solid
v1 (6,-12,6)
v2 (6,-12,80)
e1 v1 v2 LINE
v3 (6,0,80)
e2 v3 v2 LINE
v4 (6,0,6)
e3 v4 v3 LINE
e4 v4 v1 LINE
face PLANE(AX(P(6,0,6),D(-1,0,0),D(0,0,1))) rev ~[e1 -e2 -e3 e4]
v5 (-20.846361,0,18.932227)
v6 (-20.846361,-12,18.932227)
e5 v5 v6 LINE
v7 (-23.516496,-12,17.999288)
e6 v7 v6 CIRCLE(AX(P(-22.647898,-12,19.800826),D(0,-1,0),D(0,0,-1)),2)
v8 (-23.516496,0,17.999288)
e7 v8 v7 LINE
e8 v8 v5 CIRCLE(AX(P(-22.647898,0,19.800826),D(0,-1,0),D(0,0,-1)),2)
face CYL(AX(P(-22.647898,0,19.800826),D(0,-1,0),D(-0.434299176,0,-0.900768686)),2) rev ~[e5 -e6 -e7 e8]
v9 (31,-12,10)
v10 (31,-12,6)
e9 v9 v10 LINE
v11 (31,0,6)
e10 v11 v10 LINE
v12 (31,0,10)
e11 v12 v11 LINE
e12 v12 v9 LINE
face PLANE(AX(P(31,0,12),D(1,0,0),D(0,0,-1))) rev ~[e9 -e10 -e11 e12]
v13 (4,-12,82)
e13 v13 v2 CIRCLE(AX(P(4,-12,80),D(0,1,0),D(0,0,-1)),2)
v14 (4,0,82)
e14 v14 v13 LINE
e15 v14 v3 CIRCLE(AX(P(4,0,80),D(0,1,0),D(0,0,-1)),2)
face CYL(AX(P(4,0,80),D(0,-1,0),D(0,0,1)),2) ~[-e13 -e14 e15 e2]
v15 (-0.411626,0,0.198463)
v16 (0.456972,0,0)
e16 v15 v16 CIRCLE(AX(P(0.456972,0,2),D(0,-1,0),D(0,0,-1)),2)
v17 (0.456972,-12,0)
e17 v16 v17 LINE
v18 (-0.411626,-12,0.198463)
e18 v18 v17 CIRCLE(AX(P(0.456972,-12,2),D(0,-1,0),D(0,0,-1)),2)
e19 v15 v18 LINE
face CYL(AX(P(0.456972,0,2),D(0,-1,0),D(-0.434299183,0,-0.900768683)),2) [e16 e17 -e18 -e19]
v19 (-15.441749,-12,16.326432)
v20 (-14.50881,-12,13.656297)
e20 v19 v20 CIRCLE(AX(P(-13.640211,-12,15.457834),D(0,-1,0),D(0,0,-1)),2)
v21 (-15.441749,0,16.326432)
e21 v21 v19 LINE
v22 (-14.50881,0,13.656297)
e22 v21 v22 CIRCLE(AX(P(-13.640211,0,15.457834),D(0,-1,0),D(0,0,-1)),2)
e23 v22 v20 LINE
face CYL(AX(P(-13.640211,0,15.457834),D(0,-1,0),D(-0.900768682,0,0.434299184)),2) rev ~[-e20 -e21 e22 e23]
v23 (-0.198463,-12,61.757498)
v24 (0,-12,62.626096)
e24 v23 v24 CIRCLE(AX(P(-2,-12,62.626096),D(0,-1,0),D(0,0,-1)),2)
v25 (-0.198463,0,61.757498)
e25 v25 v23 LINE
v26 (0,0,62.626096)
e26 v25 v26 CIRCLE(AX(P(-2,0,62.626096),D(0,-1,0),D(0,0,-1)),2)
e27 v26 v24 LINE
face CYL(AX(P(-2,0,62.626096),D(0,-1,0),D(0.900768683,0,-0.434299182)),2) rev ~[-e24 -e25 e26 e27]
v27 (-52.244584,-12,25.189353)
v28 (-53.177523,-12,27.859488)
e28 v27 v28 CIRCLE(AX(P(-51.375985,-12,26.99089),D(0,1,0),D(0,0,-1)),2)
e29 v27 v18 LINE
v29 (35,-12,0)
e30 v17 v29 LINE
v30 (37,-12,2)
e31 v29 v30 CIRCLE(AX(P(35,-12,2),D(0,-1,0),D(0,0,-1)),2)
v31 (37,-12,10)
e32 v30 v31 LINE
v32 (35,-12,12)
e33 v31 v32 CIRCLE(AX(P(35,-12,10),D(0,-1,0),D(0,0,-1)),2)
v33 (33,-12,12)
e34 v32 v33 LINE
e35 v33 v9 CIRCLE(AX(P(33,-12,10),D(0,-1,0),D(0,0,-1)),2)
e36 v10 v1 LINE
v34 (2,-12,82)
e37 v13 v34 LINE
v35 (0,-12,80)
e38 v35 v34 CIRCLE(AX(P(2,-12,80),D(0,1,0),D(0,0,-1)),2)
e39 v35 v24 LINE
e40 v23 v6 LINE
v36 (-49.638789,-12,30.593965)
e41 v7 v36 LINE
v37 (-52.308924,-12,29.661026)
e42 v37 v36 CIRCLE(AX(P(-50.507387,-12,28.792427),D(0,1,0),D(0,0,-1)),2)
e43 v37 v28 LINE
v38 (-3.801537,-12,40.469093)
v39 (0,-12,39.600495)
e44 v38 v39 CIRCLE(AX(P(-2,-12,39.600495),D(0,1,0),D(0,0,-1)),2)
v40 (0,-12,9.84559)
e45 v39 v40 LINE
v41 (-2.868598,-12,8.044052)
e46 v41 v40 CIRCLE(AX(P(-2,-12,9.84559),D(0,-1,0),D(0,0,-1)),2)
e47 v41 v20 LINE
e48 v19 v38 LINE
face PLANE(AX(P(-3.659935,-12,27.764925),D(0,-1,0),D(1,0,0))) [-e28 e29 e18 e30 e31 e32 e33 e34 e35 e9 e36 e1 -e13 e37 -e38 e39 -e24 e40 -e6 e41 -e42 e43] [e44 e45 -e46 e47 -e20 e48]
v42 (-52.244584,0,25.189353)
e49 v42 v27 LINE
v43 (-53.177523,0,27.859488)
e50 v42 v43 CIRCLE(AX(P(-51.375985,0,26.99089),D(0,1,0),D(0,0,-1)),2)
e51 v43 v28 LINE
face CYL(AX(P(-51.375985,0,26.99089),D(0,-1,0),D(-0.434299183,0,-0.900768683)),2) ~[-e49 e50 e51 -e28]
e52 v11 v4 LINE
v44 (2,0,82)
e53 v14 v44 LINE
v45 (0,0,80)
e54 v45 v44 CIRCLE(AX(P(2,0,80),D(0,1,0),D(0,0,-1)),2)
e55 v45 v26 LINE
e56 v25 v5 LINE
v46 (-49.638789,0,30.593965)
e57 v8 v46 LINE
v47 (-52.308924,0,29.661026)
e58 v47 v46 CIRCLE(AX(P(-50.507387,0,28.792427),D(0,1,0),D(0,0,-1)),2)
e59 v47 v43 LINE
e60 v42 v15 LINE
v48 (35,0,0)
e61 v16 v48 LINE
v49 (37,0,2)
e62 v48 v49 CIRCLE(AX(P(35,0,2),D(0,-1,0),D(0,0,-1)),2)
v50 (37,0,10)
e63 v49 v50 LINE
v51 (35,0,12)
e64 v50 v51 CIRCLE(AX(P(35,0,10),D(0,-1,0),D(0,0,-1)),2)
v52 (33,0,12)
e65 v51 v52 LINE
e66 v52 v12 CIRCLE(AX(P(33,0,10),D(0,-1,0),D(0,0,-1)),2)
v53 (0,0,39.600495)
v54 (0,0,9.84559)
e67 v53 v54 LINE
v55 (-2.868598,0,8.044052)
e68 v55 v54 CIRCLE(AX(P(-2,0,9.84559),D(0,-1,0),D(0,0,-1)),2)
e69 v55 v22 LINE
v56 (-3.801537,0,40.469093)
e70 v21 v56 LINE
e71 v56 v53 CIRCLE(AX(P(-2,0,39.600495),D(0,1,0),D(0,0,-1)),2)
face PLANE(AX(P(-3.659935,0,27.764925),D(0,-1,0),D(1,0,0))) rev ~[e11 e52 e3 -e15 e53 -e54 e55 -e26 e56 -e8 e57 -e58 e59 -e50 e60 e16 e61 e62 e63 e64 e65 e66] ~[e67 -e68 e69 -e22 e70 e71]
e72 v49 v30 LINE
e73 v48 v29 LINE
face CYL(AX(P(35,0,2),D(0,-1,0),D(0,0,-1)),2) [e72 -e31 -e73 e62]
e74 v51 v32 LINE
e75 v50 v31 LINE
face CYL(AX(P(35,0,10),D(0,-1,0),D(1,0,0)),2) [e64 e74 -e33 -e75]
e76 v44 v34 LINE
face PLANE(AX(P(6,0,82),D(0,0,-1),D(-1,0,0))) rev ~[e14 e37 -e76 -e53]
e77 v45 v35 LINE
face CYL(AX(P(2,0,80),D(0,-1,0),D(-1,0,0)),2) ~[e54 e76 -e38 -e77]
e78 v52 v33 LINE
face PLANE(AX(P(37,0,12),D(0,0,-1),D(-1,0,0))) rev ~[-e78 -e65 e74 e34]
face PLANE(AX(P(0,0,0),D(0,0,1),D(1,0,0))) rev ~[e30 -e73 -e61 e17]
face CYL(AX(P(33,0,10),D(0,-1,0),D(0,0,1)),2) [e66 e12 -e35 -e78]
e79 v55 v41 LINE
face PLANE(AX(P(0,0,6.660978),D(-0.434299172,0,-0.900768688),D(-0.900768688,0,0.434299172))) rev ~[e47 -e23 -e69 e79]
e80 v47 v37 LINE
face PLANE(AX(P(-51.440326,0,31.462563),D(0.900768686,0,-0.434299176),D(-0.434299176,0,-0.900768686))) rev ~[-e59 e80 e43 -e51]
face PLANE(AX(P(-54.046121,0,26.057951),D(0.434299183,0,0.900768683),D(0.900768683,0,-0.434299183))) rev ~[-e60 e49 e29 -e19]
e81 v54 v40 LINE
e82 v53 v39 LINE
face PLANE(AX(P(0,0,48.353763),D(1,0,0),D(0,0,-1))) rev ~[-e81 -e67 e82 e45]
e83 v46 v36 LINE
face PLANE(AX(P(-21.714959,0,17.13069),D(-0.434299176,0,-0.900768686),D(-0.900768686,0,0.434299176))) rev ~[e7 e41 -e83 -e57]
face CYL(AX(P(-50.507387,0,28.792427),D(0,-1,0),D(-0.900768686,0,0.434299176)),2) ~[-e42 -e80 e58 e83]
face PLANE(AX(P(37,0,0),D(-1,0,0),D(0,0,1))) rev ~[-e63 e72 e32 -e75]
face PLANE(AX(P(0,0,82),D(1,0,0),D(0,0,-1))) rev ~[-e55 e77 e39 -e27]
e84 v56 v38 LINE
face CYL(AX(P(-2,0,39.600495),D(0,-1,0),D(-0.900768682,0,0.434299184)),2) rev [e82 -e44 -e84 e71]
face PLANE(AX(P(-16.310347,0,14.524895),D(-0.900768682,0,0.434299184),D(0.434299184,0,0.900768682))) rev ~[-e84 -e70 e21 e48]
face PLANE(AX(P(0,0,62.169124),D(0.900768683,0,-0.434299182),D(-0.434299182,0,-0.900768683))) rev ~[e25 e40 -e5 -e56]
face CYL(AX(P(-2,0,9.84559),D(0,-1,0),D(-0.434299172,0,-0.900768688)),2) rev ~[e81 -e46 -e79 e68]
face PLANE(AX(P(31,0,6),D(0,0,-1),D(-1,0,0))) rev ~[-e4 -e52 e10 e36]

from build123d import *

# Parameters (mm, degrees)
F1_DEPTH = 12
F2_R     = 2


with BuildPart() as f1:
    # F0 (on Front) → F1 (new body)
    with BuildSketch(Plane.XZ):
        Polygon((-54.046121, 26.057951), (0, 0), (37, 0), (37, 12), (31, 12), (31, 6), (6, 6), (6, 82), (0, 82), (0, 62.169124), (-21.714959, 17.13069), (-51.440326, 31.462563), align=None)
        Polygon((0, 48.353763), (0, 6.660978), (-16.310347, 14.524895), align=None, mode=Mode.SUBTRACT)
    extrude(amount=F1_DEPTH)

    # F2
    f2_edges = [f1.edges().sort_by_distance(p)[0] for p in [
        (37, -6, 0),
        (-21.714959, -6, 17.13069),
        (0, -6, 62.169124),
        (-16.310347, -6, 14.524895),
        (0, -6, 6.660978),
        (31, -6, 12),
        (37, -6, 12),
        (0, -6, 82),
        (6, -6, 82),
        (-51.440326, -6, 31.462563),
        (-54.046121, -6, 26.057951),
        (0, -6, 0),
        (0, -6, 48.353763),
    ]]
    fillet(f2_edges, radius=F2_R)


solid = f1.part
